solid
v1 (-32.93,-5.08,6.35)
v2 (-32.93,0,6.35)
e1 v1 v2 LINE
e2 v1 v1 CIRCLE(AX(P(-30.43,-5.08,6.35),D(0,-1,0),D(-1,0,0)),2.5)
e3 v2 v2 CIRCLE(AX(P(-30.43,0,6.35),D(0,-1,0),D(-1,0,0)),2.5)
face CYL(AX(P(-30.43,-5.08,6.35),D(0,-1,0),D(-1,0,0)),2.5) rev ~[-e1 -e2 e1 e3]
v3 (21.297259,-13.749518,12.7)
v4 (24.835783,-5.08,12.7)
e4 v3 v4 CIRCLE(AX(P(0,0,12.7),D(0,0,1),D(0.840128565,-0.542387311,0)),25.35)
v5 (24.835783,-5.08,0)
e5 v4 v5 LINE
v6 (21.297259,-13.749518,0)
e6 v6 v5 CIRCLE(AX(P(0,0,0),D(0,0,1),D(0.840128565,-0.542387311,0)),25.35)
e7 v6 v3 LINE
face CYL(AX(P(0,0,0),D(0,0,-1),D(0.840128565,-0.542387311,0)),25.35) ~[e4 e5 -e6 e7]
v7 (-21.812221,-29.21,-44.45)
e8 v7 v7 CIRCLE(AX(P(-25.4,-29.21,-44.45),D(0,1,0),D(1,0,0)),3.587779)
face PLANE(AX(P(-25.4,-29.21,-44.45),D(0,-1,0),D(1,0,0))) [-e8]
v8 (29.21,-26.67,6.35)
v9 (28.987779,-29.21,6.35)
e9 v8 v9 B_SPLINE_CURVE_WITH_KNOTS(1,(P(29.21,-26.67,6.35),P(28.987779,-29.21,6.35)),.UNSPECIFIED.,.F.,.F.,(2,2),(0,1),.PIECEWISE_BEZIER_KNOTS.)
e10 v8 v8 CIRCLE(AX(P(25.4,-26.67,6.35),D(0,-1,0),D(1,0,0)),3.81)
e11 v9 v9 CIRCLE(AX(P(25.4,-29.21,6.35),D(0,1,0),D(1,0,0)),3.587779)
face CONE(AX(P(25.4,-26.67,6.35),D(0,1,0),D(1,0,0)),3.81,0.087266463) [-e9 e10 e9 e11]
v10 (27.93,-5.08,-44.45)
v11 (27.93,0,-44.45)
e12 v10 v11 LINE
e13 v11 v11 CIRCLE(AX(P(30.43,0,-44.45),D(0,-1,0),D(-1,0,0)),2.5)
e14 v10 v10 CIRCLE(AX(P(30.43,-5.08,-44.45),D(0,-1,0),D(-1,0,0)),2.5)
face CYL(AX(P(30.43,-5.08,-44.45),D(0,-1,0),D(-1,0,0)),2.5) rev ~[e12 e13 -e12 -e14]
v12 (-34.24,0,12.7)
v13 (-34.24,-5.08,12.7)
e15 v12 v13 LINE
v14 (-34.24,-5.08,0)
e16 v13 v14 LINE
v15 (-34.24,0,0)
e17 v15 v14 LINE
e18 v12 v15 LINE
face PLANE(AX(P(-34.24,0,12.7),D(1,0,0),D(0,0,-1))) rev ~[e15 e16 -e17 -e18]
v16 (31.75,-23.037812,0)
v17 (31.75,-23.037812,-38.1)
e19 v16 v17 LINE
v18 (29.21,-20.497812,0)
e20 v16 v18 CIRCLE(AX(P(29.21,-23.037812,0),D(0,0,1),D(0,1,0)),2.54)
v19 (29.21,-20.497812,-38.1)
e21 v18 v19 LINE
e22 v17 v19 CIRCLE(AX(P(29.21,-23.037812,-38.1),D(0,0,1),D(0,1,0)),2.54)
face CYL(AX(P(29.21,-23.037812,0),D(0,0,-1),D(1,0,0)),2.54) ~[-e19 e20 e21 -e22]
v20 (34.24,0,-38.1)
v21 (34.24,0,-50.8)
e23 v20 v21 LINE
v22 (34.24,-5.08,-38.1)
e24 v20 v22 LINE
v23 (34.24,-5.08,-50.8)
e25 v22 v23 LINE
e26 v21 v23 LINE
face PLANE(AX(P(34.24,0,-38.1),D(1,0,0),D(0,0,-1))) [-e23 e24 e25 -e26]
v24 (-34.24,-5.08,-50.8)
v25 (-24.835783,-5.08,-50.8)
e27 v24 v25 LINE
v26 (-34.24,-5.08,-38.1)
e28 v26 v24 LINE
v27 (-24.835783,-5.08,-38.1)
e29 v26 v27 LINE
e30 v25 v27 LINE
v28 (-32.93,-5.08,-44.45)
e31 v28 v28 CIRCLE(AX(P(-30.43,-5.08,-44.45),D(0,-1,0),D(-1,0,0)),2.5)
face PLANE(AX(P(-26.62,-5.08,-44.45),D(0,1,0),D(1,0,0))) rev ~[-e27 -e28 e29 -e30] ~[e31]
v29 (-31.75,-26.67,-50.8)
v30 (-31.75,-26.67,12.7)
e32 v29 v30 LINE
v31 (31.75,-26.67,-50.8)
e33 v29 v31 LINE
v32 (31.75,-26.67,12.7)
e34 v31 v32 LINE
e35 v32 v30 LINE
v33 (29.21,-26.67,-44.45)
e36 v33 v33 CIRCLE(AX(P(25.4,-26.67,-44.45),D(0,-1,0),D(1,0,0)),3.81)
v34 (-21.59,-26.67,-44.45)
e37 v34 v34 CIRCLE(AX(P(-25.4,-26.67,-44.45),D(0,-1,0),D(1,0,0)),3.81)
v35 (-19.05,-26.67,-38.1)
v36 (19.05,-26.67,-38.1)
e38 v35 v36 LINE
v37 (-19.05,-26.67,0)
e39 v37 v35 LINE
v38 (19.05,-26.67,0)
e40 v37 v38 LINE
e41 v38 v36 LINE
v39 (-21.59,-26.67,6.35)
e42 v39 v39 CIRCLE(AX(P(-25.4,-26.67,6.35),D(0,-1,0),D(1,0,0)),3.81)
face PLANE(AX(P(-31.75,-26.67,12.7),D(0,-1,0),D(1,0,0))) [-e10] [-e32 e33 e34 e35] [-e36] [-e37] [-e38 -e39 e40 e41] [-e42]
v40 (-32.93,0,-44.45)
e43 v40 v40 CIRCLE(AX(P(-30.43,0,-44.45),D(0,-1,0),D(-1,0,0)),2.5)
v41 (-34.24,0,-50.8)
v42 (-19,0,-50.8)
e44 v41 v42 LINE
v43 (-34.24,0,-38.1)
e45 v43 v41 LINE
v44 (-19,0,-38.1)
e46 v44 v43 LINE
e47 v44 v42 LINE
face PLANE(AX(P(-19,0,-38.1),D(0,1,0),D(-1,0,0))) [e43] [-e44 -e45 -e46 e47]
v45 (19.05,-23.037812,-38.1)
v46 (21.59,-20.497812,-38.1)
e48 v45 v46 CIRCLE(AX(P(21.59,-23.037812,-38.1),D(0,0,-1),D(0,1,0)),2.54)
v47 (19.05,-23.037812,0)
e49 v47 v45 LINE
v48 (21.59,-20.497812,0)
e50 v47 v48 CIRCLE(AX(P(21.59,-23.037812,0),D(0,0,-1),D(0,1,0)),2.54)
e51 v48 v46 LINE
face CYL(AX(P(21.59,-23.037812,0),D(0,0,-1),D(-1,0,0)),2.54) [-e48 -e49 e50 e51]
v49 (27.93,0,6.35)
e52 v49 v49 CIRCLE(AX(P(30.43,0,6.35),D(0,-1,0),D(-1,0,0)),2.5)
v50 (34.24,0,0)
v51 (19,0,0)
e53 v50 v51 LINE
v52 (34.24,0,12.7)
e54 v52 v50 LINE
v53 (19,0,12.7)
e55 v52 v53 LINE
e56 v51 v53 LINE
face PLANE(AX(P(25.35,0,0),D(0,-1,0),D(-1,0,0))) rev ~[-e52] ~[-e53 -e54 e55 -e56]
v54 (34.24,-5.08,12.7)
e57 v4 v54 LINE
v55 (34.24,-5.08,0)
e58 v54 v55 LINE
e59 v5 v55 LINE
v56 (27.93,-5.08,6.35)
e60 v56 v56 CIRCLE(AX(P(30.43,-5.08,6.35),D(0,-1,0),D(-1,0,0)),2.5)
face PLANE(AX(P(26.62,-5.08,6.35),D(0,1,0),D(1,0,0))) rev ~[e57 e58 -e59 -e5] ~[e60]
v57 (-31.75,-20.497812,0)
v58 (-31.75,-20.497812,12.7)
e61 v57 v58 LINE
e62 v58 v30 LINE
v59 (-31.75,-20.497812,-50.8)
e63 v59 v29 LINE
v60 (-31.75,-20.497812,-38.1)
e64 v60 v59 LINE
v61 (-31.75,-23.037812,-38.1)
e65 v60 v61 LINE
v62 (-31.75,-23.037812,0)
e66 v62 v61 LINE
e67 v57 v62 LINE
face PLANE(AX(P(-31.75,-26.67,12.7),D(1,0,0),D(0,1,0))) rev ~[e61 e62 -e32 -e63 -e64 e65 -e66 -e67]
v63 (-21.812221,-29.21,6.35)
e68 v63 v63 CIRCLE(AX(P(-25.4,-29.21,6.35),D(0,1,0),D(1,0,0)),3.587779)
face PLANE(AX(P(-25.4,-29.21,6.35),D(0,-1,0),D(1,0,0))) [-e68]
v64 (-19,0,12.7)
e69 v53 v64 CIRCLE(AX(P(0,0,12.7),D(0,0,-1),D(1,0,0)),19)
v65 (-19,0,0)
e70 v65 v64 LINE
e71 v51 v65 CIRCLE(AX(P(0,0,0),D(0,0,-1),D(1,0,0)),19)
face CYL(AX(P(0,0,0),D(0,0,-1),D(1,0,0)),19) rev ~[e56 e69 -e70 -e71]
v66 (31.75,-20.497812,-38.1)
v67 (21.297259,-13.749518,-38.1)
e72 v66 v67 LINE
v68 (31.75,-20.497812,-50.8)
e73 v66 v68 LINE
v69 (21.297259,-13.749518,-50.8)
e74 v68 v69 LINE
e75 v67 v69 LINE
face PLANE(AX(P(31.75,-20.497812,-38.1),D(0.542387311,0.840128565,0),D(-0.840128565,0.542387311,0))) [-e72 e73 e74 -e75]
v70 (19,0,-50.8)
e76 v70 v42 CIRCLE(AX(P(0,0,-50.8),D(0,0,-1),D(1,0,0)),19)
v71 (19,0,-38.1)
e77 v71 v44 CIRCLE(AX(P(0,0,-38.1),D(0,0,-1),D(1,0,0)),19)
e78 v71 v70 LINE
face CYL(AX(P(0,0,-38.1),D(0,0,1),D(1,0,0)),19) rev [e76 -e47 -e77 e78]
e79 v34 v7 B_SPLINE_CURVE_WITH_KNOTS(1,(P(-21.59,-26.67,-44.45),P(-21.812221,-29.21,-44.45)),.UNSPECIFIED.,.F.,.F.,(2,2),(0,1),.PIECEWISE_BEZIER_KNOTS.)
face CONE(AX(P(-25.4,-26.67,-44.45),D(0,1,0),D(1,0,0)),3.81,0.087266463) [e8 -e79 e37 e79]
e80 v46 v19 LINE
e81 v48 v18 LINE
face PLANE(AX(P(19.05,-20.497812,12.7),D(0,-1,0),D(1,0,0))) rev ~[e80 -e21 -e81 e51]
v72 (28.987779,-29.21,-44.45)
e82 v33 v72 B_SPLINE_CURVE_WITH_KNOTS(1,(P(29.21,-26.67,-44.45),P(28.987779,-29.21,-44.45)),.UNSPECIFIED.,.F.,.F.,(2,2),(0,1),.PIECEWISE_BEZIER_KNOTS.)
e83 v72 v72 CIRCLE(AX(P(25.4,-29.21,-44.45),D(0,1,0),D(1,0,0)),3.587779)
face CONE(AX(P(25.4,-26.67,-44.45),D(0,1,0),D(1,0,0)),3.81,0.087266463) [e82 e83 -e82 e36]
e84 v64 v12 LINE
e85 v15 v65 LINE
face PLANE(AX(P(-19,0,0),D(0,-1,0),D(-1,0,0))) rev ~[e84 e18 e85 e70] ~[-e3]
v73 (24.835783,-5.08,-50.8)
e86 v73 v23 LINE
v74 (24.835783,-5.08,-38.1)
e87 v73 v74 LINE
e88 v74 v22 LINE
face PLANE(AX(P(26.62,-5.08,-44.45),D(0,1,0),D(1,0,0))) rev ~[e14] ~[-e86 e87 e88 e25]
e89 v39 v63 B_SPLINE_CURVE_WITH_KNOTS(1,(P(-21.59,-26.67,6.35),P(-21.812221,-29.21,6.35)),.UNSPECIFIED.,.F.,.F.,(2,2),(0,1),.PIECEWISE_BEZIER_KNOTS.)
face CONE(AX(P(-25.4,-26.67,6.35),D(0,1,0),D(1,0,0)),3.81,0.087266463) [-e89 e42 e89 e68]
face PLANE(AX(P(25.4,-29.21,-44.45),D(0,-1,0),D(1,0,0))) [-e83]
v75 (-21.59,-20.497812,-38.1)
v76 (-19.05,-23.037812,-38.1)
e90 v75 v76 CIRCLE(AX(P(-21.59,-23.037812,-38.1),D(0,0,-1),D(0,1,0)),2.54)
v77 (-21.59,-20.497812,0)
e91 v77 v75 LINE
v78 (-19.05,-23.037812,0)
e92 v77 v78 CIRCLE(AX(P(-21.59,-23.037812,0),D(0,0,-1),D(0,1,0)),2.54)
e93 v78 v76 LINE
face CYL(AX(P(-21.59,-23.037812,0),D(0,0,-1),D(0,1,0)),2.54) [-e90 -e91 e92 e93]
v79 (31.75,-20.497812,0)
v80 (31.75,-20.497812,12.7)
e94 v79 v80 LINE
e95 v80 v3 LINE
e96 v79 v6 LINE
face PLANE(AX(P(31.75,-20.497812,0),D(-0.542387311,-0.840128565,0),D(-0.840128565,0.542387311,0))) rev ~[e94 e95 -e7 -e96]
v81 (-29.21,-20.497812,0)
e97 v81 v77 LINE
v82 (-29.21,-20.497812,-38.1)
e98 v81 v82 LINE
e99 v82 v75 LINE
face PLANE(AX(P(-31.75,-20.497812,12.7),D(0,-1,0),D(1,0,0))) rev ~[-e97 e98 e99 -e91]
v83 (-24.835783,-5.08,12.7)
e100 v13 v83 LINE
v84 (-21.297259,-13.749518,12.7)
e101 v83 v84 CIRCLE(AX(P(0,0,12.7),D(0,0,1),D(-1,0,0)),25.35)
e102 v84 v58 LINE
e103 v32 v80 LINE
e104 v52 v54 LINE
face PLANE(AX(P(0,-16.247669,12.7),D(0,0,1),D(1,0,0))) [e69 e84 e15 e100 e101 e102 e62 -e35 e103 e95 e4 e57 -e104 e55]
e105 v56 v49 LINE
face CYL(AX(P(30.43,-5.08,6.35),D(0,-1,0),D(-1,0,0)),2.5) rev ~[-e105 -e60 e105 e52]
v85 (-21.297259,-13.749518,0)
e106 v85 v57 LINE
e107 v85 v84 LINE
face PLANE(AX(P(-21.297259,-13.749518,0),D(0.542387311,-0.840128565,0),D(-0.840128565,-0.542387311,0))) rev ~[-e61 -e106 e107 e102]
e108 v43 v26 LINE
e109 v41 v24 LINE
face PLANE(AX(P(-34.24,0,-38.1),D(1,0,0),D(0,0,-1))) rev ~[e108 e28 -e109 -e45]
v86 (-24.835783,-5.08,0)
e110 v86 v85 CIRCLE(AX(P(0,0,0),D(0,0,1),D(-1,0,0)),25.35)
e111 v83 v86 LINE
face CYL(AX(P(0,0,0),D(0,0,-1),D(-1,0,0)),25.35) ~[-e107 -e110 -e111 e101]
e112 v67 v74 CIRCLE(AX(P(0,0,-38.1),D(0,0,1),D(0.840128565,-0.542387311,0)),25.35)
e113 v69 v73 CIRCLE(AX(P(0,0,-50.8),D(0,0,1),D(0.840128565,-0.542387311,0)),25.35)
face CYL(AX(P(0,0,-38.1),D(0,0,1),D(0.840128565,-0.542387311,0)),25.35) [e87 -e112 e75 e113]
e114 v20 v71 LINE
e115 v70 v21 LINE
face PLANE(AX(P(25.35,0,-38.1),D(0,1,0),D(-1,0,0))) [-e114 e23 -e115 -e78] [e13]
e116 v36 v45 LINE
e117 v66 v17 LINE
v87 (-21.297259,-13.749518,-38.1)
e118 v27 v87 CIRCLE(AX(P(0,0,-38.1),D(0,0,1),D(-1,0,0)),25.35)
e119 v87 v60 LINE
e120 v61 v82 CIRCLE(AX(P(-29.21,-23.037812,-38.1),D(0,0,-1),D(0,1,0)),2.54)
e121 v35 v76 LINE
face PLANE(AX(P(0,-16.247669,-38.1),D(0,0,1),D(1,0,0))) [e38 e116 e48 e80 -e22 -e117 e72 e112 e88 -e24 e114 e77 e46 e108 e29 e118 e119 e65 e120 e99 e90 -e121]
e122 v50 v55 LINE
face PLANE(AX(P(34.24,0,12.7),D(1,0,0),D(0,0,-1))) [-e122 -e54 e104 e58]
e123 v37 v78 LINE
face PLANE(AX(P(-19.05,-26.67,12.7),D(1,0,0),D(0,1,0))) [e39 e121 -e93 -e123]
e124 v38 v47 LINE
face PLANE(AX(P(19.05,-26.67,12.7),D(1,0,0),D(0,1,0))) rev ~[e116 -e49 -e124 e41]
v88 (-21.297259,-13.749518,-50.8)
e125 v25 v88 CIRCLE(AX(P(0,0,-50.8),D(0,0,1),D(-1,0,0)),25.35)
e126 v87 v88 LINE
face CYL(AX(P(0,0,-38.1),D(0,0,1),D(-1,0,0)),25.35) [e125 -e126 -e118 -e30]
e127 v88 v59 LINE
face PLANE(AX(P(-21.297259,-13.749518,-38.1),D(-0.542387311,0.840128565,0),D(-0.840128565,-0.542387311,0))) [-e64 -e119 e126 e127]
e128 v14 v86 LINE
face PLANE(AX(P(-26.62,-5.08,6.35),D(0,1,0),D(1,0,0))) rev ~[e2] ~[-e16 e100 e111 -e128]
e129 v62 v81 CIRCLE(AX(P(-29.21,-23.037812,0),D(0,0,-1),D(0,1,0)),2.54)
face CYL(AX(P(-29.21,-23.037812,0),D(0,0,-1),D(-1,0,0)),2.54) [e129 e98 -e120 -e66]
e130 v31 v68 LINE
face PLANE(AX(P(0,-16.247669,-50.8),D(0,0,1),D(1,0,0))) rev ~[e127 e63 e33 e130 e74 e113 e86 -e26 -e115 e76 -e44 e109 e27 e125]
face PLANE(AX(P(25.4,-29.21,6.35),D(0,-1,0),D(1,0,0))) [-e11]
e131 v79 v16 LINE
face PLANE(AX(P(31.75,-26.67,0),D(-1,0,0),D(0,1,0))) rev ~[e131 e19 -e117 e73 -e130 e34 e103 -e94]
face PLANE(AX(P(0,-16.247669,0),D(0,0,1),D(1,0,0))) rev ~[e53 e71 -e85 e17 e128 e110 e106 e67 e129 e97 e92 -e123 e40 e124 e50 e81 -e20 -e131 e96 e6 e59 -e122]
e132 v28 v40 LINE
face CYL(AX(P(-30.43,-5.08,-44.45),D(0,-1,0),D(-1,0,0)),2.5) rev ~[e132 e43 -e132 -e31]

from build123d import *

# Parameters (mm, degrees)
BOSS_EXTRUDE1_DEPTH           = 12.7
SKETCH3_R                     = 3.81
BOSS_EXTRUDE2_DEPTH           = 2.54
BOSS_EXTRUDE2_DRAFT           = 5
BOSS_EXTRUDE2_PROFILE_2_DEPTH = 2.54
BOSS_EXTRUDE2_PROFILE_2_DRAFT = 5
BOSS_EXTRUDE3_START           = -38.1
BOSS_EXTRUDE3_DEPTH           = 12.7
SKETCH6_R                     = 3.81
BOSS_EXTRUDE4_DEPTH           = 2.54
BOSS_EXTRUDE4_DRAFT           = 5
BOSS_EXTRUDE4_PROFILE_2_DEPTH = 2.54
BOSS_EXTRUDE4_PROFILE_2_DRAFT = 5
BOSS_EXTRUDE5_REACH           = 78.769
SKETCH7_W                     = 12.7
SKETCH7_H                     = 6.172188314
SKETCH8_W                     = 15.24
SKETCH8_H                     = 12.7
BOSS_EXTRUDE6_DEPTH           = 5.08
SKETCH9_R                     = 2.5
CUT_EXTRUDE3_DEPTH            = 5.08
FILLET6_R                     = 2.54


with BuildPart() as part:
    # Sketch2 → Boss-Extrude1 (new body)
    with BuildSketch(Plane.XY):
        with BuildLine():
            Line((-31.75, -26.67), (31.75, -26.67))
            Line((31.75, -26.67), (31.75, -20.497811686))
            Line((31.75, -20.497811686), (21.297259116, -13.749518324))
            ThreePointArc((21.297259116, -13.749518324), (24.315715274, -7.167181503), (25.35, 0))
            Line((25.35, 0), (19, 0))
            ThreePointArc((19, 0), (0, -19), (-19, 0))
            Line((-19, 0), (-25.35, 0))
            ThreePointArc((-25.35, 0), (-24.315715274, -7.167181503), (-21.297259116, -13.749518324))
            Line((-21.297259116, -13.749518324), (-31.75, -20.497811686))
            Line((-31.75, -20.497811686), (-31.75, -26.67))
        make_face()
    extrude(amount=BOSS_EXTRUDE1_DEPTH)


with BuildPart() as boss_extrude2_tool:
    # Sketch3 → Boss-Extrude2 (with draft: the straight prism first)
    with BuildSketch(Plane.XZ.offset(26.67)):
        with Locations((-25.4, 6.35)):
            Circle(SKETCH3_R)
    extrude(amount=BOSS_EXTRUDE2_DEPTH)
    # Boss-Extrude2: the draft: its side faces are tilted about the plane it starts from
    boss_extrude2_sides = [boss_extrude2_tool.faces().sort_by_distance(p)[0] for p in [
        (-29.21, -27.94, 6.35),
    ]]
    draft(boss_extrude2_sides, Plane.XZ.offset(26.67), BOSS_EXTRUDE2_DRAFT)


with BuildPart() as part_1:
    add(part.part)

    # Boss-Extrude2: add boss_extrude2_tool
    add(boss_extrude2_tool.part)


with BuildPart() as boss_extrude2_profile_2_tool:
    # Sketch3 → Boss-Extrude2 profile 2 (with draft: the straight prism first)
    with BuildSketch(Plane.XZ.offset(26.67)):
        with Locations((25.4, 6.35)):
            Circle(SKETCH3_R)
    extrude(amount=BOSS_EXTRUDE2_PROFILE_2_DEPTH)
    # Boss-Extrude2 profile 2: the draft: its side faces are tilted about the plane it starts from
    boss_extrude2_profile_2_sides = [boss_extrude2_profile_2_tool.faces().sort_by_distance(p)[0] for p in [
        (21.59, -27.94, 6.35),
    ]]
    draft(boss_extrude2_profile_2_sides, Plane.XZ.offset(26.67), BOSS_EXTRUDE2_PROFILE_2_DRAFT)


with BuildPart() as part_2:
    add(part_1.part)

    # Boss-Extrude2 profile 2: add boss_extrude2_profile_2_tool
    add(boss_extrude2_profile_2_tool.part)


with BuildPart() as body_2:
    # Sketch2<2> → Boss-Extrude3 (new body)
    with BuildSketch(Plane.XY.offset(BOSS_EXTRUDE3_START)):
        with BuildLine():
            Line((-31.75, -26.67), (31.75, -26.67))
            Line((31.75, -26.67), (31.75, -20.497811686))
            Line((31.75, -20.497811686), (21.297259116, -13.749518324))
            ThreePointArc((21.297259116, -13.749518324), (24.315715274, -7.167181503), (25.35, 0))
            Line((25.35, 0), (19, 0))
            ThreePointArc((19, 0), (0, -19), (-19, 0))
            Line((-19, 0), (-25.35, 0))
            ThreePointArc((-25.35, 0), (-24.315715274, -7.167181503), (-21.297259116, -13.749518324))
            Line((-21.297259116, -13.749518324), (-31.75, -20.497811686))
            Line((-31.75, -20.497811686), (-31.75, -26.67))
        make_face()
    extrude(amount=-BOSS_EXTRUDE3_DEPTH)


with BuildPart() as boss_extrude4_tool:
    # Sketch6 → Boss-Extrude4 (with draft: the straight prism first)
    with BuildSketch(Plane.XZ.offset(26.67)):
        with Locations((-25.4, -44.45)):
            Circle(SKETCH6_R)
    extrude(amount=BOSS_EXTRUDE4_DEPTH)
    # Boss-Extrude4: the draft: its side faces are tilted about the plane it starts from
    boss_extrude4_sides = [boss_extrude4_tool.faces().sort_by_distance(p)[0] for p in [
        (-29.21, -27.94, -44.45),
    ]]
    draft(boss_extrude4_sides, Plane.XZ.offset(26.67), BOSS_EXTRUDE4_DRAFT)


with BuildPart() as body_2_1:
    add(body_2.part)

    # Boss-Extrude4: add boss_extrude4_tool
    add(boss_extrude4_tool.part)


with BuildPart() as boss_extrude4_profile_2_tool:
    # Sketch6 → Boss-Extrude4 profile 2 (with draft: the straight prism first)
    with BuildSketch(Plane.XZ.offset(26.67)):
        with Locations((25.4, -44.45)):
            Circle(SKETCH6_R)
    extrude(amount=BOSS_EXTRUDE4_PROFILE_2_DEPTH)
    # Boss-Extrude4 profile 2: the draft: its side faces are tilted about the plane it starts from
    boss_extrude4_profile_2_sides = [boss_extrude4_profile_2_tool.faces().sort_by_distance(p)[0] for p in [
        (21.59, -27.94, -44.45),
    ]]
    draft(boss_extrude4_profile_2_sides, Plane.XZ.offset(26.67), BOSS_EXTRUDE4_PROFILE_2_DRAFT)


with BuildPart() as body_2_2:
    add(body_2_1.part)

    # Boss-Extrude4 profile 2: add boss_extrude4_profile_2_tool
    add(boss_extrude4_profile_2_tool.part)

    # Sketch7 → Boss-Extrude5 (add, up to next)
    with BuildSketch(Plane.XY.offset(12.7), mode=Mode.PRIVATE) as boss_extrude5_sk1:
        with Locations((-25.4, -23.583905843)):
            Rectangle(SKETCH7_W, SKETCH7_H)
    boss_extrude5_tool1 = extrude(boss_extrude5_sk1.sketch, amount=-BOSS_EXTRUDE5_REACH, mode=Mode.PRIVATE) - body_2_2.part
    # Sketch7 → Boss-Extrude5 (add, up to next)
    with BuildSketch(Plane.XY.offset(12.7), mode=Mode.PRIVATE) as boss_extrude5_sk2:
        with Locations((25.4, -23.583905843)):
            Rectangle(SKETCH7_W, SKETCH7_H)
    boss_extrude5_tool2 = extrude(boss_extrude5_sk2.sketch, amount=-BOSS_EXTRUDE5_REACH, mode=Mode.PRIVATE) - body_2_2.part

    add(part_2.part)  # Boss-Extrude5 merges part
    add(boss_extrude5_tool1.solids().sort_by_distance((-25.4, -23.583906, 12.7))[0])
    add(boss_extrude5_tool2.solids().sort_by_distance((25.4, -23.583906, 12.7))[0])

    # Sketch8 → Boss-Extrude6 (add)
    with BuildSketch(Plane(origin=(0, 0, 0), x_dir=(1, 0, 0), z_dir=(0, 1, 0))):
        with Locations((26.62, -6.35)):
            Rectangle(SKETCH8_W, SKETCH8_H)
        with Locations((-26.62, 44.45)):
            Rectangle(SKETCH8_W, SKETCH8_H)
        with Locations((26.62, 44.45)):
            Rectangle(SKETCH8_W, SKETCH8_H)
        with Locations((-26.62, -6.35)):
            Rectangle(SKETCH8_W, SKETCH8_H)
    extrude(amount=-BOSS_EXTRUDE6_DEPTH)

    # Sketch9 → Cut-Extrude3 (cut)
    with BuildSketch(Plane(origin=(0, -5.08, 0), x_dir=(-1, 0, 0), z_dir=(0, -1, 0))):
        with Locations((30.43, 44.45)):
            Circle(SKETCH9_R)
        with Locations((-30.43, 44.45)):
            Circle(SKETCH9_R)
        with Locations((-30.43, -6.35)):
            Circle(SKETCH9_R)
        with Locations((30.43, -6.35)):
            Circle(SKETCH9_R)
    extrude(amount=-CUT_EXTRUDE3_DEPTH, mode=Mode.SUBTRACT)

    # Fillet6
    fillet6_edges = [body_2_2.edges().sort_by_distance(p)[0] for p in [
        (31.75, -20.497811686, -19.05),
        (19.05, -20.497811686, -19.05),
        (-19.05, -20.497811686, -19.05),
        (-31.75, -20.497811686, -19.05),
    ]]
    fillet(fillet6_edges, radius=FILLET6_R)


solid = body_2_2.part
